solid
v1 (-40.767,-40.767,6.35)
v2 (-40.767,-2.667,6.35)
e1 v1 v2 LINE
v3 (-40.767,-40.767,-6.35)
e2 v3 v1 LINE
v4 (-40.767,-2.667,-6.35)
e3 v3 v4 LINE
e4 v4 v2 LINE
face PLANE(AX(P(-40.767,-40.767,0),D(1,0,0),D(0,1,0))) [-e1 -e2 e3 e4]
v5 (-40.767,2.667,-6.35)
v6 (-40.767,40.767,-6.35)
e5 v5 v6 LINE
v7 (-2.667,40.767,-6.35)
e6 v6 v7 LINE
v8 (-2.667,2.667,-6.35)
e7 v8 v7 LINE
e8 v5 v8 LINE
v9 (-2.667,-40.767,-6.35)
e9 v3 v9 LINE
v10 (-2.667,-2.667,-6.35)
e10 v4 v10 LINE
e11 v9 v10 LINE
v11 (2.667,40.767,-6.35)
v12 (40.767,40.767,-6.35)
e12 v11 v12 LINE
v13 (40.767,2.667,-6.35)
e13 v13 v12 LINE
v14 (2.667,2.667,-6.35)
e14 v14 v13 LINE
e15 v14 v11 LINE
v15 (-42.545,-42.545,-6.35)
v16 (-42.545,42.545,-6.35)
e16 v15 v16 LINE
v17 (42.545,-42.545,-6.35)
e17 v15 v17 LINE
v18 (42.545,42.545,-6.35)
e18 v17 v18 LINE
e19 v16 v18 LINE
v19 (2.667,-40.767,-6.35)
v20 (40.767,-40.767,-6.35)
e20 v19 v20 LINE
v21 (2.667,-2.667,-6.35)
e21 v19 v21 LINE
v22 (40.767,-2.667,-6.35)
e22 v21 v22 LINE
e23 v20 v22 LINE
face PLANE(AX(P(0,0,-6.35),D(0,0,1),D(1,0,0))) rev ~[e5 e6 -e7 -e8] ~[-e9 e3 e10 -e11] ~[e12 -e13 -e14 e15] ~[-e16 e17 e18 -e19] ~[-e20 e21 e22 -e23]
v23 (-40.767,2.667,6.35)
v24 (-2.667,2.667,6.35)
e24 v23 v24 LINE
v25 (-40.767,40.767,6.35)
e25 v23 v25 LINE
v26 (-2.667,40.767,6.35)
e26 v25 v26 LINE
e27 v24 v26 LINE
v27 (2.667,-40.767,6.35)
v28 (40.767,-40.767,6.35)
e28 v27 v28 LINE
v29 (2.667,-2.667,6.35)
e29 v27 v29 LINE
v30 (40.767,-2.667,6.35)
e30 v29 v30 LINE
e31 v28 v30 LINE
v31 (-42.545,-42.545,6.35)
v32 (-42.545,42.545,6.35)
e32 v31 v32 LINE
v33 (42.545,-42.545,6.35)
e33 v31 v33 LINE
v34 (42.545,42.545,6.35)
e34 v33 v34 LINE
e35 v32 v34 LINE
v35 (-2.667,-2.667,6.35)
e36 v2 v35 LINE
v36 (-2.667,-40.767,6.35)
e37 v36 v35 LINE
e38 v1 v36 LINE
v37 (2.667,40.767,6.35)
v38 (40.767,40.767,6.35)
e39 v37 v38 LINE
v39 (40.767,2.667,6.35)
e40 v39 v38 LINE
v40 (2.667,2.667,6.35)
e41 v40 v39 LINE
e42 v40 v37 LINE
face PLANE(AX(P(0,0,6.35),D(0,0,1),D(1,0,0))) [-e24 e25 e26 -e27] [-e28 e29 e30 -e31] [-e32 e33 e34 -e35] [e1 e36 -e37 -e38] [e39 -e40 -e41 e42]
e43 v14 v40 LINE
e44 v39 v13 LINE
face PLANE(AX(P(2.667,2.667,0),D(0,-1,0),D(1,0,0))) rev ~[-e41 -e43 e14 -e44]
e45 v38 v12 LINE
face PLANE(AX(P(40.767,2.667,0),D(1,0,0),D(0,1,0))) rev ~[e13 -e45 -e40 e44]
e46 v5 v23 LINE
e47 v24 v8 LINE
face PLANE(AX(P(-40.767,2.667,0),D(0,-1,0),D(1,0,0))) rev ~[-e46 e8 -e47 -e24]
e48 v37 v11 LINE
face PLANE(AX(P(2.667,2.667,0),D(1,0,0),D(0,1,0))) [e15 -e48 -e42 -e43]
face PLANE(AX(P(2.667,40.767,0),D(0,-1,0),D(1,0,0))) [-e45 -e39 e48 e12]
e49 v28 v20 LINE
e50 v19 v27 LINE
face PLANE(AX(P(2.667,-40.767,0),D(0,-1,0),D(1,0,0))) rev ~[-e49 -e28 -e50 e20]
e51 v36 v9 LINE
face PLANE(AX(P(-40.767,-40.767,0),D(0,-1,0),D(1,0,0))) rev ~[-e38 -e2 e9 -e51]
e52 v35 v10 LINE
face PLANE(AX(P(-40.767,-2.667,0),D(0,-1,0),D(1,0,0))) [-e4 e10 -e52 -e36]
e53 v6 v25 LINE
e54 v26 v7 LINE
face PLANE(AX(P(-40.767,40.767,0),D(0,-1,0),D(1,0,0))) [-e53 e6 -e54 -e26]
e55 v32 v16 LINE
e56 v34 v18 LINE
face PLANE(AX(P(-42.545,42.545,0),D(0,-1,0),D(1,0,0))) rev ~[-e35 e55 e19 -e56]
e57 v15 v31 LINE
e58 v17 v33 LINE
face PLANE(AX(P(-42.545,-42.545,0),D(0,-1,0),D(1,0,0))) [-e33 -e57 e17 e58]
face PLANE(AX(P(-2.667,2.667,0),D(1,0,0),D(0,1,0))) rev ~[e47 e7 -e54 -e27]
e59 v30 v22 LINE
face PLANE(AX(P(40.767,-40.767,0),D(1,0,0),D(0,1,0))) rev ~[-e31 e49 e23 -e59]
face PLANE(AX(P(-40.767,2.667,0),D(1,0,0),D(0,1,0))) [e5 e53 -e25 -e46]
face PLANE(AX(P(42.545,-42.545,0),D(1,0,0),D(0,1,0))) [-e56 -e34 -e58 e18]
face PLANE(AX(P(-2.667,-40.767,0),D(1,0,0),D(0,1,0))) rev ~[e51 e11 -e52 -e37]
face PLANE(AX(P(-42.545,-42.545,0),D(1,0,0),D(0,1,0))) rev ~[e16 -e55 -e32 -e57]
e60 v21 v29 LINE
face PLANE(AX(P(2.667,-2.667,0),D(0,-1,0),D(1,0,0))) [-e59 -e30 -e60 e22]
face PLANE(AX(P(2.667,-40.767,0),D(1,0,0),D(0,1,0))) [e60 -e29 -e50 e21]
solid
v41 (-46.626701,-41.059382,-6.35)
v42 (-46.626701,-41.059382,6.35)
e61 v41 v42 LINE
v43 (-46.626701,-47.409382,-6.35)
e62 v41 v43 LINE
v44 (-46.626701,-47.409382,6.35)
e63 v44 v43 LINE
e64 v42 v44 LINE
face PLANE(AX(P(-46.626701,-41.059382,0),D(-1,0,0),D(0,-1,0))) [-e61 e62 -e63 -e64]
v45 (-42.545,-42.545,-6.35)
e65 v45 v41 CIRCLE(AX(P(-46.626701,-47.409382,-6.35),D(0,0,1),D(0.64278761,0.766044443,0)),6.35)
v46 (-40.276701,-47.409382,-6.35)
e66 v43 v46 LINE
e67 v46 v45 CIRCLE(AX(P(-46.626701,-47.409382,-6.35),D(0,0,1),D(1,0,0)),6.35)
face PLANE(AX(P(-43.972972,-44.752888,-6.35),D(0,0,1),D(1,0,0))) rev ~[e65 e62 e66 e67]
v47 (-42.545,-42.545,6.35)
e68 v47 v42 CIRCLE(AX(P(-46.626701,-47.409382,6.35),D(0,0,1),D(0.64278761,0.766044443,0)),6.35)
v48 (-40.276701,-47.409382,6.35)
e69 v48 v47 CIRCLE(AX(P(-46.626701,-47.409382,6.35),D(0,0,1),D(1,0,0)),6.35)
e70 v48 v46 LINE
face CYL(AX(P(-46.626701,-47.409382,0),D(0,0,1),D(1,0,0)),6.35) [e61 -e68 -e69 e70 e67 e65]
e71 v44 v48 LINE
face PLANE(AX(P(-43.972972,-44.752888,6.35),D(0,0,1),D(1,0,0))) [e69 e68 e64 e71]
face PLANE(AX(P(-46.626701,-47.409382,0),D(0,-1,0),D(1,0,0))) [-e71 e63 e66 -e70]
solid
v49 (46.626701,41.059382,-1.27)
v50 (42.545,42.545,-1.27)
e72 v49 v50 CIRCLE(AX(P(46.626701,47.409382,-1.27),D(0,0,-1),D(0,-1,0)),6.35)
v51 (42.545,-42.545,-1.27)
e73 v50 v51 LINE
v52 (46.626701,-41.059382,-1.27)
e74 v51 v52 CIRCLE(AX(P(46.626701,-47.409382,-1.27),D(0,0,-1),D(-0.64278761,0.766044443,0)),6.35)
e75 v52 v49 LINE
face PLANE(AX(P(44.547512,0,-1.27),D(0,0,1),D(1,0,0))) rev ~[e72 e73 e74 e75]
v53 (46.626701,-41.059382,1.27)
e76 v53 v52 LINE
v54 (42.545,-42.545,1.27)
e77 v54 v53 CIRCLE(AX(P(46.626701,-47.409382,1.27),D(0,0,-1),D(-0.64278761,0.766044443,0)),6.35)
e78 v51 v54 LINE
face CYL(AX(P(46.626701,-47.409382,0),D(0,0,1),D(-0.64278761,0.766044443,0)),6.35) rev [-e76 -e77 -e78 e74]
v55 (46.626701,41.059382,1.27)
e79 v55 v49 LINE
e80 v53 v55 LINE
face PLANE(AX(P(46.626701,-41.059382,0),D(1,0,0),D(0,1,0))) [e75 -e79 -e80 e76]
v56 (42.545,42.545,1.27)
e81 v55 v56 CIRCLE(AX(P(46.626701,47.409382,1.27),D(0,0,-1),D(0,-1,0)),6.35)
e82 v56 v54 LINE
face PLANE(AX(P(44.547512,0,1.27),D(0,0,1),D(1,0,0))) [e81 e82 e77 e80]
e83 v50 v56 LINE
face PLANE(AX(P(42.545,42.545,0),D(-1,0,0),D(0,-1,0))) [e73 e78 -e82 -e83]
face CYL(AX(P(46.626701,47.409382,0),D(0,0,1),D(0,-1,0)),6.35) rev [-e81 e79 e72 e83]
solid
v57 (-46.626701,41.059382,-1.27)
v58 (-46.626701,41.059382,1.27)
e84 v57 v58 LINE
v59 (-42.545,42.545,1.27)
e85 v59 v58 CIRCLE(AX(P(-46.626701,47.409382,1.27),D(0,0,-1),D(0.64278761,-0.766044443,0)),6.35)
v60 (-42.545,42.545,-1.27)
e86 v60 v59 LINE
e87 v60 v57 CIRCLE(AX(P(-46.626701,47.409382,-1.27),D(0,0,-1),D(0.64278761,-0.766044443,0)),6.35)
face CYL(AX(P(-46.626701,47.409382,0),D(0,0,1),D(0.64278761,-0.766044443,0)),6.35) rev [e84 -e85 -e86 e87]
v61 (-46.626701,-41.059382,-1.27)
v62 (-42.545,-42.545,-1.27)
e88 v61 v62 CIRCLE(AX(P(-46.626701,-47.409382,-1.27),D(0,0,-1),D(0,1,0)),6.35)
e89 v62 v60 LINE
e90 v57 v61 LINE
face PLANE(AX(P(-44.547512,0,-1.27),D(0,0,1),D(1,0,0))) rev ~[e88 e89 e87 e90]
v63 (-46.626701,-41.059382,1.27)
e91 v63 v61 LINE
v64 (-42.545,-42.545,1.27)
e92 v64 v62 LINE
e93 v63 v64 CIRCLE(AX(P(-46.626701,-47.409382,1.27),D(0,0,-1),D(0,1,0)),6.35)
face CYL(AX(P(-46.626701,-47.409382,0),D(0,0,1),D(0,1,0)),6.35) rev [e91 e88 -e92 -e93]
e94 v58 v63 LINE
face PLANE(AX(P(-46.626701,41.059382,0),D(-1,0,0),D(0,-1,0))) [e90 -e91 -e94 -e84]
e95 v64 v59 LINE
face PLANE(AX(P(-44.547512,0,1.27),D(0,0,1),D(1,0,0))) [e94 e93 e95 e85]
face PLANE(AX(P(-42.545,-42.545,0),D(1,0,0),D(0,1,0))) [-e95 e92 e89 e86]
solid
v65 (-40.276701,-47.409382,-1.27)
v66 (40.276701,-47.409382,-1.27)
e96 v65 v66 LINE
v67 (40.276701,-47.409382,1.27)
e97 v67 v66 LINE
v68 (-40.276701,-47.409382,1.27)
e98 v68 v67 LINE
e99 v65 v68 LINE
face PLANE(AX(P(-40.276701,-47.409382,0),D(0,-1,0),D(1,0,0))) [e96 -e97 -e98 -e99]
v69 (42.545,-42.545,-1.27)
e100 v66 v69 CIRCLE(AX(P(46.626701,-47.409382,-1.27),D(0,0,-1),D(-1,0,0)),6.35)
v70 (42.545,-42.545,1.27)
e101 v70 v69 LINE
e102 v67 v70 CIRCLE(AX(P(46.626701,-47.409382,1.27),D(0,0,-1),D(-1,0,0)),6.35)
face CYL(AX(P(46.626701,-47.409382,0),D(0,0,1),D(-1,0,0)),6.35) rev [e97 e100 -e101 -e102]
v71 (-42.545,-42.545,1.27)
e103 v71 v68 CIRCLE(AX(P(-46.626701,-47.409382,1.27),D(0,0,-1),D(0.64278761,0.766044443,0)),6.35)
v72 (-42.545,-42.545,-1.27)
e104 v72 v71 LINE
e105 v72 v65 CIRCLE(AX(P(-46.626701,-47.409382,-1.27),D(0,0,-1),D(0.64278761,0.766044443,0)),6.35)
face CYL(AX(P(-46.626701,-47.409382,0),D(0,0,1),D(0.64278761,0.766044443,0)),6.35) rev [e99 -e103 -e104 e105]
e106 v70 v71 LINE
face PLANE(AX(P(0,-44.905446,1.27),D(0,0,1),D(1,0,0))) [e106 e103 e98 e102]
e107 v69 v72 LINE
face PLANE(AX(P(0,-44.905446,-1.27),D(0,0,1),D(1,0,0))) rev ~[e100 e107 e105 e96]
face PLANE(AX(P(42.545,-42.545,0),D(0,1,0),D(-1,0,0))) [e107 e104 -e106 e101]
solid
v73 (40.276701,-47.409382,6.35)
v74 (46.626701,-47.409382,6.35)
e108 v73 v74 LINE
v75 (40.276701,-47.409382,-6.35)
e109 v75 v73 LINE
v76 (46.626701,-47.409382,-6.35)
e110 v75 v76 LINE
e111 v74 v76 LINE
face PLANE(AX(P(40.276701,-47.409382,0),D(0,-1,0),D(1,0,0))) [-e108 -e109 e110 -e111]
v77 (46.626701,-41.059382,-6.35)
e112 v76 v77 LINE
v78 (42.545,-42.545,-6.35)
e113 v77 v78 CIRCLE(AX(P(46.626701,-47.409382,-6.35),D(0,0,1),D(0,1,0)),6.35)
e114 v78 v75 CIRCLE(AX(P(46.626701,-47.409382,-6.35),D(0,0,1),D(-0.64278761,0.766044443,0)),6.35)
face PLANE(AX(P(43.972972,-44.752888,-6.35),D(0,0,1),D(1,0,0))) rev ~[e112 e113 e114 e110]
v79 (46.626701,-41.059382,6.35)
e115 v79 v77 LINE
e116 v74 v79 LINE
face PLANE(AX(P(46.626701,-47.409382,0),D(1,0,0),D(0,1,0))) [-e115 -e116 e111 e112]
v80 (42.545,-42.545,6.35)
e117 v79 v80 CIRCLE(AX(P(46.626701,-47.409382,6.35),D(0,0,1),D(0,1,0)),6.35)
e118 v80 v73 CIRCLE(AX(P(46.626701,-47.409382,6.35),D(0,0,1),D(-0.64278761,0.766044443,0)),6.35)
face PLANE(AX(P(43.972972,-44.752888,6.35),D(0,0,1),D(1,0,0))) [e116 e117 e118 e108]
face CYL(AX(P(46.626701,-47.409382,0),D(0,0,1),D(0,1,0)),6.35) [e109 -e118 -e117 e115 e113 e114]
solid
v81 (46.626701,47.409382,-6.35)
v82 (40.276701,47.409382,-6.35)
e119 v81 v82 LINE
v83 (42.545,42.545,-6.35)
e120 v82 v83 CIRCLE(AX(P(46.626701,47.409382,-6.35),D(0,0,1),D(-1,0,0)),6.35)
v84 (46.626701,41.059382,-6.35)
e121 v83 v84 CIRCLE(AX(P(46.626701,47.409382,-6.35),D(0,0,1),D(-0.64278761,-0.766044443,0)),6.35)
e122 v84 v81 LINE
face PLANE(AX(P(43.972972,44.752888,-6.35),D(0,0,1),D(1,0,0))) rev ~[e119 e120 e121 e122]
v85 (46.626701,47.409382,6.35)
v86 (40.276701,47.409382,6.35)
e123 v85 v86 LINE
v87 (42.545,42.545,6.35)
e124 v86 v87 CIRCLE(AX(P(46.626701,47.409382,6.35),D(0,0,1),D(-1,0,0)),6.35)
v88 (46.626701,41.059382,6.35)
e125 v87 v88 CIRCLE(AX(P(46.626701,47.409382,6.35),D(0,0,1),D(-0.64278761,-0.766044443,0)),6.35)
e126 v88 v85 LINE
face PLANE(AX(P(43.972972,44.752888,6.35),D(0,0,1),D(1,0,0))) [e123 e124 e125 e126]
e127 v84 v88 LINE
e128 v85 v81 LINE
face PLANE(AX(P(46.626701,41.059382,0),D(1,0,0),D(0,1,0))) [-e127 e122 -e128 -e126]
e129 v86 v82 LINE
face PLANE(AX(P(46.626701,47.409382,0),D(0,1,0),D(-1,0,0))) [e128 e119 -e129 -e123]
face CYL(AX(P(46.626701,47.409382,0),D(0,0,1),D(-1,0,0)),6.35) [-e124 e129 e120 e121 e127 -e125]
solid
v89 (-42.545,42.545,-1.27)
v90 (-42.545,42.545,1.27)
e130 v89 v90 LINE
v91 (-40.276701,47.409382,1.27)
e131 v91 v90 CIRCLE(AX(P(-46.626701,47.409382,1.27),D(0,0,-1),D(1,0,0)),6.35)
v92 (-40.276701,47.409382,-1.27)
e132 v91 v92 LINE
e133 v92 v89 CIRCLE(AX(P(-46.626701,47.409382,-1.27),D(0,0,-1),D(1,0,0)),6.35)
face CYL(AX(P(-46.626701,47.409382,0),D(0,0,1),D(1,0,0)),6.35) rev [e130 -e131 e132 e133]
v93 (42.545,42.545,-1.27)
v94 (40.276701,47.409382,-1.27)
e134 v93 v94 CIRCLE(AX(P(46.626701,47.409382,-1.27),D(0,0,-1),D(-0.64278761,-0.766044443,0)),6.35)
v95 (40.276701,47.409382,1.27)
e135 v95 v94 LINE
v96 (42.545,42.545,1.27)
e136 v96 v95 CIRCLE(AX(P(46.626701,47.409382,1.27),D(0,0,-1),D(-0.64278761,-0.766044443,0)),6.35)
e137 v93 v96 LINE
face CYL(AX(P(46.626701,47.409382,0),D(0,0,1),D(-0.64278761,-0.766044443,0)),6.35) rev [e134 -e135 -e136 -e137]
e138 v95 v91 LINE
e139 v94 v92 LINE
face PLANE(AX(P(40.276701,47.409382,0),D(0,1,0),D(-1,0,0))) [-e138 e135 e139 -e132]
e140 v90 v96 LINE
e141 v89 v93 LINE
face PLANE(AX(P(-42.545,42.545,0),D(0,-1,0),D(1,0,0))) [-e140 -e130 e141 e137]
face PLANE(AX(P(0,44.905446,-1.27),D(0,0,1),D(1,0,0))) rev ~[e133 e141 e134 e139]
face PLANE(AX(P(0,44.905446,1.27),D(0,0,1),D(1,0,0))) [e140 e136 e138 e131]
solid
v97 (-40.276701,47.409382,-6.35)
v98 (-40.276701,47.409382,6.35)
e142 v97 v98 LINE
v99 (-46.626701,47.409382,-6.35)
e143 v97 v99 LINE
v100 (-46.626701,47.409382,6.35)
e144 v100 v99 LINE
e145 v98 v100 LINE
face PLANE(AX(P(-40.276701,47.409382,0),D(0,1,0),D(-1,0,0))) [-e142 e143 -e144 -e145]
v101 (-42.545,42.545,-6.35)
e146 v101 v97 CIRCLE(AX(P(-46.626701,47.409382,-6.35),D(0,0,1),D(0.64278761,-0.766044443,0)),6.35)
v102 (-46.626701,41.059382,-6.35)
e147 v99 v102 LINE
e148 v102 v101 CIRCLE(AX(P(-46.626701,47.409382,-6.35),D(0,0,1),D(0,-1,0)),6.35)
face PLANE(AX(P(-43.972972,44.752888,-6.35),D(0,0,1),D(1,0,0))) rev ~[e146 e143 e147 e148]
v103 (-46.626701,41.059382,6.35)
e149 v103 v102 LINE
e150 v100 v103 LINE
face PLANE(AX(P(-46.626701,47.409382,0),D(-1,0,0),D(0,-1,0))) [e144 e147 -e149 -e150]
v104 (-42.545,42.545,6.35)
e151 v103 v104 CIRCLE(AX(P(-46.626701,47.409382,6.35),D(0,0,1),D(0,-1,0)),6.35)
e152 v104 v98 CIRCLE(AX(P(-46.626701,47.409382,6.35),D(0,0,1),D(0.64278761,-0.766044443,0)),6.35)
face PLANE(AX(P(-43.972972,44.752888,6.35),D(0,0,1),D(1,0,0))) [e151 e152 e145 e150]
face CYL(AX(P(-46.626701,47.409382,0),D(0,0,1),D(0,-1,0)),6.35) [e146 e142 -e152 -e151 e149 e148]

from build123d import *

# Parameters (mm, degrees)
F1_DEPTH = 6.35
F0_W     = 85.09
F0_H     = 85.09
F0_W_2   = 38.1
F0_H_2   = 38.1
F2_DEPTH = 6.35
F3_DEPTH = 1.27


with BuildPart() as f1:
    # F0 (on Top) → F1 (new body, symmetric)
    with BuildSketch(Plane.XY):
        with BuildLine():
            ThreePointArc((40.2767013215, 47.4093822138), (40.8716468738, 44.7257562518), (42.545, 42.545))
            ThreePointArc((42.545, 42.545), (44.4548734114, 41.4423340718), (46.6267013215, 41.0593822138))
            Line((46.6267013215, 41.0593822138), (46.6267013215, 47.4093822138))
            Line((46.6267013215, 47.4093822138), (40.2767013215, 47.4093822138))
        make_face()
    extrude(amount=F1_DEPTH, both=True)


with BuildPart() as f1b:
    # F0 (on Top) → F1, piece 2 (new body, symmetric)
    with BuildSketch(Plane.XY):
        with BuildLine():
            ThreePointArc((46.6267013215, -41.0593822138), (44.4548734114, -41.4423340718), (42.545, -42.545))
            ThreePointArc((42.545, -42.545), (40.8716468738, -44.7257562518), (40.2767013215, -47.4093822138))
            Line((40.2767013215, -47.4093822138), (46.6267013215, -47.4093822138))
            Line((46.6267013215, -47.4093822138), (46.6267013215, -41.0593822138))
        make_face()
    extrude(amount=F1_DEPTH, both=True)


with BuildPart() as f1c:
    # F0 (on Top) → F1, piece 3 (new body, symmetric)
    with BuildSketch(Plane.XY):
        with BuildLine():
            ThreePointArc((-46.6267013215, 41.0593822138), (-44.4548734114, 41.4423340718), (-42.545, 42.545))
            ThreePointArc((-42.545, 42.545), (-40.8716468738, 44.7257562518), (-40.2767013215, 47.4093822138))
            Line((-40.2767013215, 47.4093822138), (-46.6267013215, 47.4093822138))
            Line((-46.6267013215, 47.4093822138), (-46.6267013215, 41.0593822138))
        make_face()
    extrude(amount=F1_DEPTH, both=True)


with BuildPart() as f1d:
    # F0 (on Top) → F1, piece 4 (new body, symmetric)
    with BuildSketch(Plane.XY):
        with BuildLine():
            ThreePointArc((-40.2767013215, -47.4093822138), (-40.8716468738, -44.7257562518), (-42.545, -42.545))
            ThreePointArc((-42.545, -42.545), (-44.4548734114, -41.4423340718), (-46.6267013215, -41.0593822138))
            Line((-46.6267013215, -41.0593822138), (-46.6267013215, -47.4093822138))
            Line((-46.6267013215, -47.4093822138), (-40.2767013215, -47.4093822138))
        make_face()
    extrude(amount=F1_DEPTH, both=True)


with BuildPart() as f2:
    # F0 (on Top) → F2 (new body, symmetric)
    with BuildSketch(Plane.XY):
        Rectangle(F0_W, F0_H)
        with Locations((-21.717, -21.717)):
            Rectangle(F0_W_2, F0_H_2, mode=Mode.SUBTRACT)
        with Locations((21.717, -21.717)):
            Rectangle(F0_W_2, F0_H_2, mode=Mode.SUBTRACT)
        with Locations((-21.717, 21.717)):
            Rectangle(F0_W_2, F0_H_2, mode=Mode.SUBTRACT)
        with Locations((21.717, 21.717)):
            Rectangle(F0_W_2, F0_H_2, mode=Mode.SUBTRACT)
    extrude(amount=F2_DEPTH, both=True)


with BuildPart() as f3:
    # F0 (on Top) → F3 (new body, symmetric)
    with BuildSketch(Plane.XY):
        with BuildLine():
            Line((-42.545, -42.545), (-42.545, 42.545))
            ThreePointArc((-42.545, 42.545), (-44.4548734114, 41.4423340718), (-46.6267013215, 41.0593822138))
            Line((-46.6267013215, 41.0593822138), (-46.6267013215, -41.0593822138))
            ThreePointArc((-46.6267013215, -41.0593822138), (-44.4548734114, -41.4423340718), (-42.545, -42.545))
        make_face()
    extrude(amount=F3_DEPTH, both=True)


with BuildPart() as f3b:
    # F0 (on Top) → F3, piece 2 (new body, symmetric)
    with BuildSketch(Plane.XY):
        with BuildLine():
            ThreePointArc((-40.2767013215, 47.4093822138), (-40.8716468738, 44.7257562518), (-42.545, 42.545))
            Line((-42.545, 42.545), (42.545, 42.545))
            ThreePointArc((42.545, 42.545), (40.8716468738, 44.7257562518), (40.2767013215, 47.4093822138))
            Line((40.2767013215, 47.4093822138), (-40.2767013215, 47.4093822138))
        make_face()
    extrude(amount=F3_DEPTH, both=True)


with BuildPart() as f3c:
    # F0 (on Top) → F3, piece 3 (new body, symmetric)
    with BuildSketch(Plane.XY):
        with BuildLine():
            ThreePointArc((46.6267013215, 41.0593822138), (44.4548734114, 41.4423340718), (42.545, 42.545))
            Line((42.545, 42.545), (42.545, -42.545))
            ThreePointArc((42.545, -42.545), (44.4548734114, -41.4423340718), (46.6267013215, -41.0593822138))
            Line((46.6267013215, -41.0593822138), (46.6267013215, 41.0593822138))
        make_face()
    extrude(amount=F3_DEPTH, both=True)


with BuildPart() as f3d:
    # F0 (on Top) → F3, piece 4 (new body, symmetric)
    with BuildSketch(Plane.XY):
        with BuildLine():
            Line((42.545, -42.545), (-42.545, -42.545))
            ThreePointArc((-42.545, -42.545), (-40.8716468738, -44.7257562518), (-40.2767013215, -47.4093822138))
            Line((-40.2767013215, -47.4093822138), (40.2767013215, -47.4093822138))
            ThreePointArc((40.2767013215, -47.4093822138), (40.8716468738, -44.7257562518), (42.545, -42.545))
        make_face()
    extrude(amount=F3_DEPTH, both=True)


solid = Compound([f1.part, f1b.part, f1c.part, f1d.part, f2.part, f3.part, f3b.part, f3c.part, f3d.part])
